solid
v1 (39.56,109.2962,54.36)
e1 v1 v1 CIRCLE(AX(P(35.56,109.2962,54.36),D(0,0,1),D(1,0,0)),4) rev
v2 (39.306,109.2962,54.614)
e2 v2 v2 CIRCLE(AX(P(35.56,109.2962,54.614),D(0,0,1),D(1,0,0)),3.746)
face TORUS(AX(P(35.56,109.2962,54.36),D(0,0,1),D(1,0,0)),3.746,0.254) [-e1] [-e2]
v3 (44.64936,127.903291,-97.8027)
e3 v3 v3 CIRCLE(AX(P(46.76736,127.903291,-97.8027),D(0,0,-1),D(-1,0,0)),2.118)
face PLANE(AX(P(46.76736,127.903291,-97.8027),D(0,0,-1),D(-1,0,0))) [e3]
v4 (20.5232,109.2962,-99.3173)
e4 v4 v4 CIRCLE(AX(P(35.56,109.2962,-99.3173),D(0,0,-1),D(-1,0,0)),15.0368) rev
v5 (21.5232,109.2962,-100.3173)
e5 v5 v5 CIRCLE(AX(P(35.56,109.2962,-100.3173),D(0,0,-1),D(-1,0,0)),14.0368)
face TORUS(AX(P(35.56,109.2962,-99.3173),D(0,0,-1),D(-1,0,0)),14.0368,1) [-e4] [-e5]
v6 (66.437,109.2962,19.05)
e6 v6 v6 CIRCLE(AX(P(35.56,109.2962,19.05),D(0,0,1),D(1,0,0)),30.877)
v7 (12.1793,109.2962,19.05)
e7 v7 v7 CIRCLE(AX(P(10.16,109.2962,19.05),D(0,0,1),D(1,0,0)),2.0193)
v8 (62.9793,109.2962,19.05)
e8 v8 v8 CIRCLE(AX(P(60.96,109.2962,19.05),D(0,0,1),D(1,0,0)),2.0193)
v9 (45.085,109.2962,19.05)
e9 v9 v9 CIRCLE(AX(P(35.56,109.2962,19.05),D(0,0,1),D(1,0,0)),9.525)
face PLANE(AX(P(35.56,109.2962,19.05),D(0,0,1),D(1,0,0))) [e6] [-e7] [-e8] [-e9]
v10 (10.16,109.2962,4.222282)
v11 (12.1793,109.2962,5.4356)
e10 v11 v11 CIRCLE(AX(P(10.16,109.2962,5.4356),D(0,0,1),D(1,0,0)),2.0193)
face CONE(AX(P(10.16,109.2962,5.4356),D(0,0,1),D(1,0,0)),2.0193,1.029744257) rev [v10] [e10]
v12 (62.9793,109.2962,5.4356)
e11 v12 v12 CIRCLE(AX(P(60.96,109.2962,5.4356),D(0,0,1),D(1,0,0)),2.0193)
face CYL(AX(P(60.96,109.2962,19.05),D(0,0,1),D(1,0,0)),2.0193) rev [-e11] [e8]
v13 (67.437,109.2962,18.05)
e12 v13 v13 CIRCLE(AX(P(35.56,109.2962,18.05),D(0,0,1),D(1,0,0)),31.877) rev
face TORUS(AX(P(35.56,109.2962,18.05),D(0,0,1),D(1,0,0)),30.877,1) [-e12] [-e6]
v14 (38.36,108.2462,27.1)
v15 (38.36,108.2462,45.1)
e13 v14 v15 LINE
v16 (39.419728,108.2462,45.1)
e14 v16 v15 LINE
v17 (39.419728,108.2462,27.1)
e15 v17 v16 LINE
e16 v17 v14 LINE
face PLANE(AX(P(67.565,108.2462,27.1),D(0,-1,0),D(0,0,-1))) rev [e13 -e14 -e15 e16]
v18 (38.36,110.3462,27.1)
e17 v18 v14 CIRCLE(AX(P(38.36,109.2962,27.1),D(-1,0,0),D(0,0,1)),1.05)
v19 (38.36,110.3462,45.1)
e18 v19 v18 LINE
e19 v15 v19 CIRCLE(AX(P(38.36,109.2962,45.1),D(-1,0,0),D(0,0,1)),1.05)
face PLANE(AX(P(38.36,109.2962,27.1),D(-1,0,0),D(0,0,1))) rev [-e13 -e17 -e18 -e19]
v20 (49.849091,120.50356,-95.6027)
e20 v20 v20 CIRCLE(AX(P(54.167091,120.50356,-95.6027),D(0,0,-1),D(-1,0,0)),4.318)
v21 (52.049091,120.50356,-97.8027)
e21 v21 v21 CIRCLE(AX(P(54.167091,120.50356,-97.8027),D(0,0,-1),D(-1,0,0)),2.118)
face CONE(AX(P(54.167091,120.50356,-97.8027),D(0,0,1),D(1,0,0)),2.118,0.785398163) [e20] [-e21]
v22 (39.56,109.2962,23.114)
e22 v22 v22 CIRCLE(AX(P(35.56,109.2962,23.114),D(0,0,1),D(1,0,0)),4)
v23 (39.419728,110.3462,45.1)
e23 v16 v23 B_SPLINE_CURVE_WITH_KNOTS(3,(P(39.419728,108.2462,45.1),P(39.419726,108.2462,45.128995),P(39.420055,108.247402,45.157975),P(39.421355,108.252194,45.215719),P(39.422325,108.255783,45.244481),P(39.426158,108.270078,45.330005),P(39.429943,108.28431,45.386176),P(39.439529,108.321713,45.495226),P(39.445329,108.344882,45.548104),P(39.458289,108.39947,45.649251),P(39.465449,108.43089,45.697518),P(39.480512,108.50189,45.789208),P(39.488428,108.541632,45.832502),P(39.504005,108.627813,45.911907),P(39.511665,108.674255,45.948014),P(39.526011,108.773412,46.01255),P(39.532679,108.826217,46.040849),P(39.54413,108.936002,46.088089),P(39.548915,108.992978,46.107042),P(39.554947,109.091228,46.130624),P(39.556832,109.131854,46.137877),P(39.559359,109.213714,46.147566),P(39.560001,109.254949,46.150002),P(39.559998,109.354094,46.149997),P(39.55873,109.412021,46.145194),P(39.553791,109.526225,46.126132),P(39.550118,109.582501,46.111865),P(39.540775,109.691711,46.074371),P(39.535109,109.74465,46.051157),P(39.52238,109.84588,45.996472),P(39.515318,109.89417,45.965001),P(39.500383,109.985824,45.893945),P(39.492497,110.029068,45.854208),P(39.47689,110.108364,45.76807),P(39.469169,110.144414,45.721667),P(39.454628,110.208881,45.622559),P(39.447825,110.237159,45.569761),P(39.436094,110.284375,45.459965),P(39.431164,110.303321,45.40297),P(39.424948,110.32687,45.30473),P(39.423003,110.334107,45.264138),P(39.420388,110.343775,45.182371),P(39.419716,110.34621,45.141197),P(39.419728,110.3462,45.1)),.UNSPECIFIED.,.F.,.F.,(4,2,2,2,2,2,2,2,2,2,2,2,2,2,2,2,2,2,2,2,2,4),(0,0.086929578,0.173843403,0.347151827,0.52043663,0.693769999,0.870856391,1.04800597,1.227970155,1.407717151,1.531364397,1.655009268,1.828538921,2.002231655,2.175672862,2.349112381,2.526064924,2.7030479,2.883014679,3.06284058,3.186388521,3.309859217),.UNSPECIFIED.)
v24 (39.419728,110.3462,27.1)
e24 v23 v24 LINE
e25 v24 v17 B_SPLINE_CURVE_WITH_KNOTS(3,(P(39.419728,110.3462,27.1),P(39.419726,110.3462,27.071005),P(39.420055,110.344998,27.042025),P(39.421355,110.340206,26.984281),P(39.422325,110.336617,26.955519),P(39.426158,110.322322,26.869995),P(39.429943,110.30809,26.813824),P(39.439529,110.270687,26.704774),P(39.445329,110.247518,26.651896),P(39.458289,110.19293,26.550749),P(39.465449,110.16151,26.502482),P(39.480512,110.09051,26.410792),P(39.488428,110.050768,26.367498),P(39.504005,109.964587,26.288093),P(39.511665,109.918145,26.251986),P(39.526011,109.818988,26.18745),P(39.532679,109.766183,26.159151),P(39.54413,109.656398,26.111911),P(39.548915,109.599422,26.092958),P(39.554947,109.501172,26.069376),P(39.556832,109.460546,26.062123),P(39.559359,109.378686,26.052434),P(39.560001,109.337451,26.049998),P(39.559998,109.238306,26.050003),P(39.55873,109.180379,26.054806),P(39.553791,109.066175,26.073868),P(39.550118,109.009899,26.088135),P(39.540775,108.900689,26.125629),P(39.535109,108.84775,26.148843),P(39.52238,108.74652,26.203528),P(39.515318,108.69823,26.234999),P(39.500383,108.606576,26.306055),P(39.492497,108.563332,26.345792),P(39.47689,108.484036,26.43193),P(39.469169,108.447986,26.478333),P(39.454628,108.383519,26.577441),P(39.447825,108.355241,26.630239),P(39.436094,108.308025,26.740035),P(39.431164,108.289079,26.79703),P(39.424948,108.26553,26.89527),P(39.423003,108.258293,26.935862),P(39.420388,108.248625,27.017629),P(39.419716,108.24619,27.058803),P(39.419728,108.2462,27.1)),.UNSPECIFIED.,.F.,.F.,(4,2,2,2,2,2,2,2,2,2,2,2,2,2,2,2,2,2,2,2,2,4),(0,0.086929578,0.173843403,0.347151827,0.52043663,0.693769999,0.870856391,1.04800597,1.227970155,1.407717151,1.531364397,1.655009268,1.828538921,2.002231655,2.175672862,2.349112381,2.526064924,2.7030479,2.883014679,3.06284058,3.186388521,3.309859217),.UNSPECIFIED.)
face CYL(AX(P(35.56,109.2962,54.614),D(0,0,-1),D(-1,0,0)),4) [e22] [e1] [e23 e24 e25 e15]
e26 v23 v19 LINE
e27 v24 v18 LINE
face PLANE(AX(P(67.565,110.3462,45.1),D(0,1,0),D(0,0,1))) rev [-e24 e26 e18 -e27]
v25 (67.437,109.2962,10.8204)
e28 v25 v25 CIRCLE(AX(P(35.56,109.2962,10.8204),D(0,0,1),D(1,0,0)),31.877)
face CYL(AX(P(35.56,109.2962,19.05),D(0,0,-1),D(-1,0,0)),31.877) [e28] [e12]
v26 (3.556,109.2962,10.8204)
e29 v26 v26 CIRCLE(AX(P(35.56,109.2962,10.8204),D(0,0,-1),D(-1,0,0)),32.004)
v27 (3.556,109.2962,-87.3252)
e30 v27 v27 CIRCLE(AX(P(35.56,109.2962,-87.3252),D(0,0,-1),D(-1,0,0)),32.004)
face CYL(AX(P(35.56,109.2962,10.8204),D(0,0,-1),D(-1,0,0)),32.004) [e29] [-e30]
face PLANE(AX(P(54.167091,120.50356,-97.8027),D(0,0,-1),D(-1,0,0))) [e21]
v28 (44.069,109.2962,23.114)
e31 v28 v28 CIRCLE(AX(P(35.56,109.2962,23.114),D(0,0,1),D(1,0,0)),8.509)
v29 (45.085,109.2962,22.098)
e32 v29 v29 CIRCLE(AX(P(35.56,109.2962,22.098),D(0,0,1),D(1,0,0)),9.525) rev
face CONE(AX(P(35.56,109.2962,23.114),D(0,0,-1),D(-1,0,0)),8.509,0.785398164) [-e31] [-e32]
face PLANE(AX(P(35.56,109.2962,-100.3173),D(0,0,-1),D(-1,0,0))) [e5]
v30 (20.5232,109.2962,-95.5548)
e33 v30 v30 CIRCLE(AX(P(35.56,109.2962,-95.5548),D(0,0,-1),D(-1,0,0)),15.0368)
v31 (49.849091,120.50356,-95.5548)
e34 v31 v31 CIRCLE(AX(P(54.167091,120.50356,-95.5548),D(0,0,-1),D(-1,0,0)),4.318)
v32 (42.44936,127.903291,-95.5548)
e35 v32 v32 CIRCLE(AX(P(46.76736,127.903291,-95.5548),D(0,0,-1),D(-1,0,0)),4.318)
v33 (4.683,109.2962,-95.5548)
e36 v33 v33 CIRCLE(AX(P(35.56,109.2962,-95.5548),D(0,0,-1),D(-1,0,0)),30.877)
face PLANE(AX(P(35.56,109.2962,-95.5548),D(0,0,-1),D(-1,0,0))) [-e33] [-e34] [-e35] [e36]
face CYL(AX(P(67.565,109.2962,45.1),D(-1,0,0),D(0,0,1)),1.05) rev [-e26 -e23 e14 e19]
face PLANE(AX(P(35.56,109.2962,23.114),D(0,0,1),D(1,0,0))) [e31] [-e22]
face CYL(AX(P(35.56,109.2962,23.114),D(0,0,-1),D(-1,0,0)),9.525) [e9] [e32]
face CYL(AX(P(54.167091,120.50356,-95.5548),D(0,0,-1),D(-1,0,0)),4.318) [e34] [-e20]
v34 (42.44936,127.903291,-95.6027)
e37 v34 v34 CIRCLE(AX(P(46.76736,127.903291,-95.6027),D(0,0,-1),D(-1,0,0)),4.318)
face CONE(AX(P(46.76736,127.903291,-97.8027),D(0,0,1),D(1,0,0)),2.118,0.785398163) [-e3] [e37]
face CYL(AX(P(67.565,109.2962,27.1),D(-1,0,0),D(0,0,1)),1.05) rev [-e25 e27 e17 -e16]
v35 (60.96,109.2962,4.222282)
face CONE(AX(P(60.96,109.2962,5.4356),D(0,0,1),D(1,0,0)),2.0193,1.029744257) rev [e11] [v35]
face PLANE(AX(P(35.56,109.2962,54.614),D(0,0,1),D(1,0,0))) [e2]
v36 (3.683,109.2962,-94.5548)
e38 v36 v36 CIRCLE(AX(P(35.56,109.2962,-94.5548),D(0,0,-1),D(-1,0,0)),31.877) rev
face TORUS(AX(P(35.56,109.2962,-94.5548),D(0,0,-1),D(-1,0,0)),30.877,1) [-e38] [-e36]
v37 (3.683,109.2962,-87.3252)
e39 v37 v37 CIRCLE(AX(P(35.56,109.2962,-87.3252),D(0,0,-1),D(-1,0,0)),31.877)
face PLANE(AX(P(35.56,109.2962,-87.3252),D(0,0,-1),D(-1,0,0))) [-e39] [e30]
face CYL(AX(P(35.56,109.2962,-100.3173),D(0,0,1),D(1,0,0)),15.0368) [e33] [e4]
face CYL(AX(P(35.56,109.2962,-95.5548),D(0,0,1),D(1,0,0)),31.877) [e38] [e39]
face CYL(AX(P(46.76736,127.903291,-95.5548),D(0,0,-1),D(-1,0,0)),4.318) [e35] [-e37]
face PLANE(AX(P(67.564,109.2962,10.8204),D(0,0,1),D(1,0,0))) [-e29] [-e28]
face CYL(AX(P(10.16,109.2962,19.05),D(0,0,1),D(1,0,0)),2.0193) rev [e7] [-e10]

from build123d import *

# Parameters (mm, degrees)
SKETCH1_W                       = 32.004
SKETCH1_H                       = 98.1456
SKETCH2_R                       = 31.877
BOSS_EXTRUDE1_DEPTH             = 8.2296
SKETCH3_R                       = 15.0368
BOSS_EXTRUDE2_DEPTH             = 4.7625
SKETCH4_R                       = 31.877
BOSS_EXTRUDE3_DEPTH             = 8.2296
SKETCH5_R                       = 9.525
BOSS_EXTRUDE4_DEPTH             = 4.064
SKETCH6_R                       = 4
BOSS_EXTRUDE5_DEPTH             = 31.5
CUT_EXTRUDE1_REACH              = 31.204
F_21_0_159_DIAMETER_HOLE1_D     = 4.0386
F_21_0_159_DIAMETER_HOLE1_DEPTH = 13.6144
F_21_0_159_DIAMETER_HOLE1_TIP   = 1.213317848
CHAMFER1_SIZE2                  = 1.016
CHAMFER1_SIZE                   = 1.015999998
FILLET1_R                       = 0.254
FILLET2_R                       = 1


with BuildPart() as part:
    # Sketch1 → Revolve1 (revolve)
    with BuildSketch(Plane.XZ.offset(-109.2962)):
        with Locations((51.562, -38.2524)):
            Rectangle(SKETCH1_W, SKETCH1_H)
    revolve(axis=Axis((35.56, 109.2962, 10.8204), (0, 0, -1)))

    # Sketch2 → Boss-Extrude1 (add)
    with BuildSketch(Plane(origin=(0, 0, -87.3252), x_dir=(-1, 0, 0), z_dir=(0, 0, -1))):
        with Locations((-35.56, 109.2962)):
            Circle(SKETCH2_R)
    extrude(amount=BOSS_EXTRUDE1_DEPTH)

    # Sketch3 → Boss-Extrude2 (add)
    with BuildSketch(Plane(origin=(0, 0, -95.5548), x_dir=(-1, 0, 0), z_dir=(0, 0, -1))):
        with Locations((-35.56, 109.2962)):
            Circle(SKETCH3_R)
    extrude(amount=BOSS_EXTRUDE2_DEPTH)

    # Sketch4 → Boss-Extrude3 (add)
    with BuildSketch(Plane.XY.offset(10.8204)):
        with Locations((35.56, 109.2962)):
            Circle(SKETCH4_R)
    extrude(amount=BOSS_EXTRUDE3_DEPTH)

    # Sketch5 → Boss-Extrude4 (add)
    with BuildSketch(Plane.XY.offset(19.05)):
        with Locations((35.56, 109.2962)):
            Circle(SKETCH5_R)
    extrude(amount=BOSS_EXTRUDE4_DEPTH)

    # Sketch6 → Boss-Extrude5 (add)
    with BuildSketch(Plane.XY.offset(23.114)):
        with Locations((35.56, 109.2962)):
            Circle(SKETCH6_R)
    extrude(amount=BOSS_EXTRUDE5_DEPTH)

    # Sketch7 → Cut-Extrude1 (cut, up to next)
    with BuildSketch(Plane(origin=(38.36, 0, 0), x_dir=(0, -1, 0), z_dir=(-1, 0, 0)), mode=Mode.PRIVATE) as cut_extrude1_sk1:
        with BuildLine():
            Line((-108.2462, 27.1), (-108.2462, 45.1))
            ThreePointArc((-108.2462, 45.1), (-109.2962, 46.15), (-110.3462, 45.1))
            Line((-110.3462, 45.1), (-110.3462, 27.1))
            ThreePointArc((-110.3462, 27.1), (-109.2962, 26.05), (-108.2462, 27.1))
        make_face()
    cut_extrude1_tool1 = extrude(cut_extrude1_sk1.sketch, amount=-CUT_EXTRUDE1_REACH, mode=Mode.PRIVATE) & part.part
    add(cut_extrude1_tool1.solids().sort_by_distance((38.36, 109.2962, 36.1))[0], mode=Mode.SUBTRACT)

    # Sketch8 → Revolve2 (revolve)
    with BuildSketch(Plane.XZ.offset(-120.503559639)):
        Polygon((58.485090683, -95.5548), (54.167090681, -95.5548), (54.167090681, -97.802699998), (56.285090681, -97.802699998), (58.485090683, -95.602699996), align=None)
    revolve(axis=Axis((54.167090681, 120.503559639, -95.5548), (0, 0, -1)))

    # Sketch9 → Revolve3 (revolve)
    with BuildSketch(Plane.XZ.offset(-127.903290683)):
        Polygon((51.085359639, -95.5548), (46.767359637, -95.5548), (46.767359637, -97.802699998), (48.885359637, -97.802699998), (51.085359639, -95.602699996), align=None)
    revolve(axis=Axis((46.767359637, 127.903290683, -95.5548), (0, 0, -1)))

    # #21 (0.159) Diameter Hole1
    with Locations(Plane.XY.offset(19.05)):
        with Locations((10.16, 109.2962), (60.96, 109.2962)):
            Hole(F_21_0_159_DIAMETER_HOLE1_D / 2, depth=F_21_0_159_DIAMETER_HOLE1_DEPTH)
            with Locations((0, 0, -(F_21_0_159_DIAMETER_HOLE1_DEPTH + F_21_0_159_DIAMETER_HOLE1_TIP / 2))):  # 118° drill point
                Cone(0, F_21_0_159_DIAMETER_HOLE1_D / 2, F_21_0_159_DIAMETER_HOLE1_TIP, mode=Mode.SUBTRACT)

    # Chamfer1
    chamfer1_edges = [part.edges().sort_by_distance(p)[0] for p in [
        (26.035, 109.2962, 23.114),
    ]]
    chamfer(chamfer1_edges, length=CHAMFER1_SIZE, length2=CHAMFER1_SIZE2)

    # Fillet1
    fillet1_edges = [part.edges().sort_by_distance(p)[0] for p in [
        (31.56, 109.2962, 54.614),
    ]]
    fillet(fillet1_edges, radius=FILLET1_R)

    # Fillet2
    fillet2_edges = [part.edges().sort_by_distance(p)[0] for p in [
        (50.5968, 109.2962, -100.3173),
        (3.683, 109.2962, 19.05),
        (67.437, 109.2962, -95.5548),
    ]]
    fillet(fillet2_edges, radius=FILLET2_R)


solid = part.part
